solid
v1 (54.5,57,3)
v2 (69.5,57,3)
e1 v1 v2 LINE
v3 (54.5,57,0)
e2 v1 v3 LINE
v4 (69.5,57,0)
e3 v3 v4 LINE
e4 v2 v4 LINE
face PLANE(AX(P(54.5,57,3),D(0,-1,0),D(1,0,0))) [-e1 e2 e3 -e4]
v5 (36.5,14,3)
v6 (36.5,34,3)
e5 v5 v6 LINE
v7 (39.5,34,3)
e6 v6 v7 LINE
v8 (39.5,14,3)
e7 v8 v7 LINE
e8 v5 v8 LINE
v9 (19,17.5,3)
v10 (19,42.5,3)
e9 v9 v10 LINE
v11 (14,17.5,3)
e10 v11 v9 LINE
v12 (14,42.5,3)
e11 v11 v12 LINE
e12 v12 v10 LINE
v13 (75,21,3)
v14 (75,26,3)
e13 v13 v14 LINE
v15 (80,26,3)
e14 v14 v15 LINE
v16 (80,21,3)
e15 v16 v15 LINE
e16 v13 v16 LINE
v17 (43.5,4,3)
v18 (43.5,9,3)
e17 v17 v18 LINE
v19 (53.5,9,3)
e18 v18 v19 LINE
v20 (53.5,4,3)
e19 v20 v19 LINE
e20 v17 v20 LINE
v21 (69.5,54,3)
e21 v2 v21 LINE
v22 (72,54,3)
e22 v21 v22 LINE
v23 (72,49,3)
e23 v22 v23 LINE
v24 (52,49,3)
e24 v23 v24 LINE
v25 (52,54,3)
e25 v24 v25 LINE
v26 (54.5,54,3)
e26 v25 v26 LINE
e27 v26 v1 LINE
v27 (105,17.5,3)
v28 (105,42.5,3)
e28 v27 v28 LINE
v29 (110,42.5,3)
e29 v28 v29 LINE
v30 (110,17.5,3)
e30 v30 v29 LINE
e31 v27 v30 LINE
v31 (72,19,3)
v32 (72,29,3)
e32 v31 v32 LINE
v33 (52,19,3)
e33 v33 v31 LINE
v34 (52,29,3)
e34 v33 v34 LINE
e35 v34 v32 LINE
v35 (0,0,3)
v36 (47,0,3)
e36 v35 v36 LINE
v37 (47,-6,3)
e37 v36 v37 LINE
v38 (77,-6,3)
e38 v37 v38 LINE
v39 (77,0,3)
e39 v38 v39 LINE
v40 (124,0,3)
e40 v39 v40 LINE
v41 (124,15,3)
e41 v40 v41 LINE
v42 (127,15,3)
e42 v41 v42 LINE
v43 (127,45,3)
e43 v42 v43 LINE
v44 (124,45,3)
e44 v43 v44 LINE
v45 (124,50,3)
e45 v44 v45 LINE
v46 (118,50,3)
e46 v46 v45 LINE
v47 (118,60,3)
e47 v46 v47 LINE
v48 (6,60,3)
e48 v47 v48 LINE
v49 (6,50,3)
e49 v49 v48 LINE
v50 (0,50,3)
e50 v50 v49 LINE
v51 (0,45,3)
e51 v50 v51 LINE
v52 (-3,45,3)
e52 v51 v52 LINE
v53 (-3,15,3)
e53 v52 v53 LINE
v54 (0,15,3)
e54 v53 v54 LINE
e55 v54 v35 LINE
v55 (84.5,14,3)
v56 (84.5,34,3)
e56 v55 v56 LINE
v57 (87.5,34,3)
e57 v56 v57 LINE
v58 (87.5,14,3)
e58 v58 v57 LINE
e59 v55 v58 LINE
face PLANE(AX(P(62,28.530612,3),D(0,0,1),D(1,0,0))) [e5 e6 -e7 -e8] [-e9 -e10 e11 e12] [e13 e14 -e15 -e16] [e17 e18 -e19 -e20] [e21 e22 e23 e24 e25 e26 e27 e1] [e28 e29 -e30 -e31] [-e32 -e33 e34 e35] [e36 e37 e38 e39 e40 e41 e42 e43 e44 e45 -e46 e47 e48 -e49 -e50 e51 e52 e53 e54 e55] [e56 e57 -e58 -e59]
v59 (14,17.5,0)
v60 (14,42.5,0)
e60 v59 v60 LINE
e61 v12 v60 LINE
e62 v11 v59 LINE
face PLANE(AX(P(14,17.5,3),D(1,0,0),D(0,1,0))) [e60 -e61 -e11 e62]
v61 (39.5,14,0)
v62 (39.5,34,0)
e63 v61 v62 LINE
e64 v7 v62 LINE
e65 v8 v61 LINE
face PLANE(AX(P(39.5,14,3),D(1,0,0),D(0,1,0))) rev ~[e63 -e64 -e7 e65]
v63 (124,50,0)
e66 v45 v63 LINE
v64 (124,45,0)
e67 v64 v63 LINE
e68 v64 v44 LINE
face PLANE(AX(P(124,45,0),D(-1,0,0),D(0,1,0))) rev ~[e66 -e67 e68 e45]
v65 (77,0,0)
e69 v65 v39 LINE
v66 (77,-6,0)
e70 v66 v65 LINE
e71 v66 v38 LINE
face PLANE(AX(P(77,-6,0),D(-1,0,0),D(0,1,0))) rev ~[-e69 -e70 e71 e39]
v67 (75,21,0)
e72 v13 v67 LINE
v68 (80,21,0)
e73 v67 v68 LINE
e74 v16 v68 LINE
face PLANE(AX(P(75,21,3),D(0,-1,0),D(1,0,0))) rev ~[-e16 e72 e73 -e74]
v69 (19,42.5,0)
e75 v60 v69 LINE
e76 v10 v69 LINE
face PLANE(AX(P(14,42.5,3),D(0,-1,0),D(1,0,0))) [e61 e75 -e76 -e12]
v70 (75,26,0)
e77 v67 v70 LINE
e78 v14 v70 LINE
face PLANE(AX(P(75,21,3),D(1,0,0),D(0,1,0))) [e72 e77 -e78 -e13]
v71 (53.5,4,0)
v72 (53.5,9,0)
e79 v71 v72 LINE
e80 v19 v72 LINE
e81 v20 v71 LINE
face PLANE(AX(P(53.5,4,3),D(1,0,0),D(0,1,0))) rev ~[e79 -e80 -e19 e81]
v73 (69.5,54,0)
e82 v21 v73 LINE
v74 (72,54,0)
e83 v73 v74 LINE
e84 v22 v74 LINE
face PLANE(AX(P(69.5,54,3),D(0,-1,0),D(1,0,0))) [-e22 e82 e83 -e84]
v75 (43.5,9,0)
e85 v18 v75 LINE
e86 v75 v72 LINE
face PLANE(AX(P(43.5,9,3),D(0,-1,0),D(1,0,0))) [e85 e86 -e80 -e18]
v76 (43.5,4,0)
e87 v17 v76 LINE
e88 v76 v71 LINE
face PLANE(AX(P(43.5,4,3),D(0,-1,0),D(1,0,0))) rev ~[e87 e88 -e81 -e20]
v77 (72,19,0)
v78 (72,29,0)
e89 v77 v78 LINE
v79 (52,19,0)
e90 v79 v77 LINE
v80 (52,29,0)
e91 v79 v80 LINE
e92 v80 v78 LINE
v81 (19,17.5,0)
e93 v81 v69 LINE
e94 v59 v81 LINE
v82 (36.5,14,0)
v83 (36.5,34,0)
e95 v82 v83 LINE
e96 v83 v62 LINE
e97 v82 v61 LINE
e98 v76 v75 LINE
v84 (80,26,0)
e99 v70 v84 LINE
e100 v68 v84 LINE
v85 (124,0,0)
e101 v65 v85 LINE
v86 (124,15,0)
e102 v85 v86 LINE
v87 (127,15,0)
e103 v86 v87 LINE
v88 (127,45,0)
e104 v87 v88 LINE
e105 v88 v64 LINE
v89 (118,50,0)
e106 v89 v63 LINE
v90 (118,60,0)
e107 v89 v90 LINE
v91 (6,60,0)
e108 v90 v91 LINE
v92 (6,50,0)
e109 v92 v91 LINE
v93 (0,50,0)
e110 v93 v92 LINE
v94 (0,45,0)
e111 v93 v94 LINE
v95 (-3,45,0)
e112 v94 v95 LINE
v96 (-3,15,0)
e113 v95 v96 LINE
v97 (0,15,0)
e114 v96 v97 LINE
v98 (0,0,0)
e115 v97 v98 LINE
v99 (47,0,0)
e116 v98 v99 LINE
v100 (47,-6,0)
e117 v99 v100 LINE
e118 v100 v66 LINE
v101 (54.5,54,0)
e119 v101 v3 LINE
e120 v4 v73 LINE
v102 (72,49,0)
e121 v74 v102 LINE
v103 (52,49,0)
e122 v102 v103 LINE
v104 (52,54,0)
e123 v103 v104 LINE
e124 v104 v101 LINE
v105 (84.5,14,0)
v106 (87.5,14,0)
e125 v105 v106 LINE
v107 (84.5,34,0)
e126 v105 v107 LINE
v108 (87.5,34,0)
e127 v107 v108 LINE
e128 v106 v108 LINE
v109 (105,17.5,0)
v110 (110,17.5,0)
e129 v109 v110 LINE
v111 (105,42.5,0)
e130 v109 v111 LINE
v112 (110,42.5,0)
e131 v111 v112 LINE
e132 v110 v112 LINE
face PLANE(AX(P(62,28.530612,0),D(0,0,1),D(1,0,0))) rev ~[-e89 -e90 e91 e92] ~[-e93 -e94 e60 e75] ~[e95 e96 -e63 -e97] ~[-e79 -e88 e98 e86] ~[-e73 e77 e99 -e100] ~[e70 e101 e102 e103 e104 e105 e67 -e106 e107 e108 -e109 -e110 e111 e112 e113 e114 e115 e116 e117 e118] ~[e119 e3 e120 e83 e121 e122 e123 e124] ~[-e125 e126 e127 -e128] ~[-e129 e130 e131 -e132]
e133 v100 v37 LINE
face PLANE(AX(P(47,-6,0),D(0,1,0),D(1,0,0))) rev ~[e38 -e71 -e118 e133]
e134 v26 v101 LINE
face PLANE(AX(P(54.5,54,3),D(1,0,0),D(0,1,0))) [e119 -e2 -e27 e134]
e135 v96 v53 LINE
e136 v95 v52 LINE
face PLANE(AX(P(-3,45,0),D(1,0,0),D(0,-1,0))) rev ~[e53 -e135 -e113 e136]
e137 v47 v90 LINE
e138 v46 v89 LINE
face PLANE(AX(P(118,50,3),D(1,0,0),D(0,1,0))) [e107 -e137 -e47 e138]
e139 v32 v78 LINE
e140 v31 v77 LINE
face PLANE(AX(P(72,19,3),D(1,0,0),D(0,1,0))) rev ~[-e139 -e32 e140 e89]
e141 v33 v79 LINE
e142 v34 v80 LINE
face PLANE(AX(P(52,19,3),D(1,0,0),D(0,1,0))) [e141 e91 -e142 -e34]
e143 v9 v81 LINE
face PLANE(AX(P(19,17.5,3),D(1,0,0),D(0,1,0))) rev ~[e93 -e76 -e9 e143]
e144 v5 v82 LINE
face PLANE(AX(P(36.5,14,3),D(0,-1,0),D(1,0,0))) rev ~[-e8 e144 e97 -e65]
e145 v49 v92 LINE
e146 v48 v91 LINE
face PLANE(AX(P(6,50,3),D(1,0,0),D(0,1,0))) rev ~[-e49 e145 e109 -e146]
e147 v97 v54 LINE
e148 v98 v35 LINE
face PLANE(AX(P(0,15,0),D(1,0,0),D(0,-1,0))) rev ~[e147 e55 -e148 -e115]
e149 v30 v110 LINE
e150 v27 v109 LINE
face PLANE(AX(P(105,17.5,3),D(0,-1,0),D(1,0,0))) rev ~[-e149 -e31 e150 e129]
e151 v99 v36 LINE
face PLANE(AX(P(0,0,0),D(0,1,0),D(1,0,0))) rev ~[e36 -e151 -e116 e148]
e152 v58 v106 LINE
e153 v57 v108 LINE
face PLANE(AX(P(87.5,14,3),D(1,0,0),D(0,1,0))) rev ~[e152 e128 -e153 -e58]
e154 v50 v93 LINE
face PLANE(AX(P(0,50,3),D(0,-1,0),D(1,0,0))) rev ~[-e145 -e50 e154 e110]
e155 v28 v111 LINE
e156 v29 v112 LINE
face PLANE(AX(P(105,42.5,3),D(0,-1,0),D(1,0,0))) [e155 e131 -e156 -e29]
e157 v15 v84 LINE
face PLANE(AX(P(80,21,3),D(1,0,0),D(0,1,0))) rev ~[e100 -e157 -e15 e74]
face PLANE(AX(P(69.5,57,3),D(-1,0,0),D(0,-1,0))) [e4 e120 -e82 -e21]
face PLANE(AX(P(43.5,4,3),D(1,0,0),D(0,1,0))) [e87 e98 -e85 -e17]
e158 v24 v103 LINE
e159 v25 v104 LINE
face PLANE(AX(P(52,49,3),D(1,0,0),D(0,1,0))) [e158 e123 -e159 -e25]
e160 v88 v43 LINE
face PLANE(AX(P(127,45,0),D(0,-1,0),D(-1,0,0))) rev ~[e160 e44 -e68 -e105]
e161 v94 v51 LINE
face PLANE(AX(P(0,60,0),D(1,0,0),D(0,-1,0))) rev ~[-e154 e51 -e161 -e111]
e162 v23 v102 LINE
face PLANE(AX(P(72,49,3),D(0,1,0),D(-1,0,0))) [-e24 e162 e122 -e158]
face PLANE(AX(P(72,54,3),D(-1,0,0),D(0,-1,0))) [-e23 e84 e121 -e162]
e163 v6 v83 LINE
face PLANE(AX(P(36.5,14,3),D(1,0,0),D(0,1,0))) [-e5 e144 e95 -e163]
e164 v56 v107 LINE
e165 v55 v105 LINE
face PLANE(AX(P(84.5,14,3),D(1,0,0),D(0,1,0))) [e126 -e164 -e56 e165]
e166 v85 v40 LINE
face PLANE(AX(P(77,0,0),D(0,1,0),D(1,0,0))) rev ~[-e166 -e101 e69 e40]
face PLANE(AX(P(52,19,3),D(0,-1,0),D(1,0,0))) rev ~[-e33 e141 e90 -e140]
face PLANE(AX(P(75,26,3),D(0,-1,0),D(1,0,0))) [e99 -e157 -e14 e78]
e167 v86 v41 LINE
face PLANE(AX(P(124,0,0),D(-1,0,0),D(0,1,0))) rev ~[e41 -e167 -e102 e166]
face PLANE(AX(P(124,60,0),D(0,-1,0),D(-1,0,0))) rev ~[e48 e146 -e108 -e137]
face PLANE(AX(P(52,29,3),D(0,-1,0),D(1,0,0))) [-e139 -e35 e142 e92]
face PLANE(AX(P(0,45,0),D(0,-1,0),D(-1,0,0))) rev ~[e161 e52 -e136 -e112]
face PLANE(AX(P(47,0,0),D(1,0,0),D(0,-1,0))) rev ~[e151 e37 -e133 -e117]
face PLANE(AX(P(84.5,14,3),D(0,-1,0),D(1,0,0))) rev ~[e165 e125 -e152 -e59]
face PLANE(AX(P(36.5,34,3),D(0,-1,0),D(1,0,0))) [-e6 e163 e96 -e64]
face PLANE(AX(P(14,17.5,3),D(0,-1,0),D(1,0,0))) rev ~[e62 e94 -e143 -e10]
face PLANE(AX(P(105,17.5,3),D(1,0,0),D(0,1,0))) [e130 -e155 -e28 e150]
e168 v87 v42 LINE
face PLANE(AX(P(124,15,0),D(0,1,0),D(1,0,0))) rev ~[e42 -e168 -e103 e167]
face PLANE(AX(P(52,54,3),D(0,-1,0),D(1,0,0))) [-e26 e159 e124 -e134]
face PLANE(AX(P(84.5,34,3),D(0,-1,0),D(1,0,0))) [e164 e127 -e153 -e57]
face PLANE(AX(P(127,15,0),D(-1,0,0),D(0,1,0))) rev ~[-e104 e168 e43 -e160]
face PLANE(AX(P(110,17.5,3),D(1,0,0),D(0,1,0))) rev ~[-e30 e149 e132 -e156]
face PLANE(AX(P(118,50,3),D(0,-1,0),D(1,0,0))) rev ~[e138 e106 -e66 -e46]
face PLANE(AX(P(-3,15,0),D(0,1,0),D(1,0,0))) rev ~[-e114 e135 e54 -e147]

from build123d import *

# Parameters (mm, degrees)
BOSS_EXTRUDE1_DEPTH = 3
SKETCH2_W           = 6
SKETCH2_H           = 10
CUT_EXTRUDE1_DEPTH  = 141.491992654
SKETCH3_W           = 3
SKETCH3_H           = 20
SKETCH3_W_2         = 20
SKETCH3_H_2         = 10
SKETCH3_W_3         = 10
SKETCH3_H_3         = 5
SKETCH3_W_4         = 5
CUT_EXTRUDE2_DEPTH  = 141.491992654
SKETCH4_W           = 5
SKETCH4_H           = 25
CUT_EXTRUDE3_DEPTH  = 141.491992654


with BuildPart() as part:
    # Sketch1 → Boss-Extrude1 (new body)
    with BuildSketch(Plane.XY):
        Polygon((0, 0), (47, 0), (47, -6), (77, -6), (77, 0), (124, 0), (124, 15), (127, 15), (127, 45), (124, 45), (124, 60), (0, 60), (0, 45), (-3, 45), (-3, 15), (0, 15), align=None)
    extrude(amount=BOSS_EXTRUDE1_DEPTH)

    # Sketch2 → Cut-Extrude1 (cut, through all)
    with BuildSketch(Plane.XY.offset(3)):
        with Locations((3, 55)):
            Rectangle(SKETCH2_W, SKETCH2_H)
        with Locations((121, 55)):
            Rectangle(SKETCH2_W, SKETCH2_H)
    extrude(amount=-CUT_EXTRUDE1_DEPTH, mode=Mode.SUBTRACT)

    # Sketch3 → Cut-Extrude2 (cut, through all)
    with BuildSketch(Plane.XY.offset(3)):
        Polygon((54.5, 57), (69.5, 57), (69.5, 54), (72, 54), (72, 49), (52, 49), (52, 54), (54.5, 54), align=None)
        with Locations((38, 24)):
            Rectangle(SKETCH3_W, SKETCH3_H)
        with Locations((86, 24)):
            Rectangle(SKETCH3_W, SKETCH3_H)
        with Locations((62, 24)):
            Rectangle(SKETCH3_W_2, SKETCH3_H_2)
        with Locations((48.5, 6.5)):
            Rectangle(SKETCH3_W_3, SKETCH3_H_3)
        with Locations((77.5, 23.5)):
            Rectangle(SKETCH3_W_4, SKETCH3_H_3)
    extrude(amount=-CUT_EXTRUDE2_DEPTH, mode=Mode.SUBTRACT)

    # Sketch4 → Cut-Extrude3 (cut, through all)
    with BuildSketch(Plane.XY.offset(3)):
        with Locations((16.5, 30)):
            Rectangle(SKETCH4_W, SKETCH4_H)
        with Locations((107.5, 30)):
            Rectangle(SKETCH4_W, SKETCH4_H)
    extrude(amount=-CUT_EXTRUDE3_DEPTH, mode=Mode.SUBTRACT)


solid = part.part
